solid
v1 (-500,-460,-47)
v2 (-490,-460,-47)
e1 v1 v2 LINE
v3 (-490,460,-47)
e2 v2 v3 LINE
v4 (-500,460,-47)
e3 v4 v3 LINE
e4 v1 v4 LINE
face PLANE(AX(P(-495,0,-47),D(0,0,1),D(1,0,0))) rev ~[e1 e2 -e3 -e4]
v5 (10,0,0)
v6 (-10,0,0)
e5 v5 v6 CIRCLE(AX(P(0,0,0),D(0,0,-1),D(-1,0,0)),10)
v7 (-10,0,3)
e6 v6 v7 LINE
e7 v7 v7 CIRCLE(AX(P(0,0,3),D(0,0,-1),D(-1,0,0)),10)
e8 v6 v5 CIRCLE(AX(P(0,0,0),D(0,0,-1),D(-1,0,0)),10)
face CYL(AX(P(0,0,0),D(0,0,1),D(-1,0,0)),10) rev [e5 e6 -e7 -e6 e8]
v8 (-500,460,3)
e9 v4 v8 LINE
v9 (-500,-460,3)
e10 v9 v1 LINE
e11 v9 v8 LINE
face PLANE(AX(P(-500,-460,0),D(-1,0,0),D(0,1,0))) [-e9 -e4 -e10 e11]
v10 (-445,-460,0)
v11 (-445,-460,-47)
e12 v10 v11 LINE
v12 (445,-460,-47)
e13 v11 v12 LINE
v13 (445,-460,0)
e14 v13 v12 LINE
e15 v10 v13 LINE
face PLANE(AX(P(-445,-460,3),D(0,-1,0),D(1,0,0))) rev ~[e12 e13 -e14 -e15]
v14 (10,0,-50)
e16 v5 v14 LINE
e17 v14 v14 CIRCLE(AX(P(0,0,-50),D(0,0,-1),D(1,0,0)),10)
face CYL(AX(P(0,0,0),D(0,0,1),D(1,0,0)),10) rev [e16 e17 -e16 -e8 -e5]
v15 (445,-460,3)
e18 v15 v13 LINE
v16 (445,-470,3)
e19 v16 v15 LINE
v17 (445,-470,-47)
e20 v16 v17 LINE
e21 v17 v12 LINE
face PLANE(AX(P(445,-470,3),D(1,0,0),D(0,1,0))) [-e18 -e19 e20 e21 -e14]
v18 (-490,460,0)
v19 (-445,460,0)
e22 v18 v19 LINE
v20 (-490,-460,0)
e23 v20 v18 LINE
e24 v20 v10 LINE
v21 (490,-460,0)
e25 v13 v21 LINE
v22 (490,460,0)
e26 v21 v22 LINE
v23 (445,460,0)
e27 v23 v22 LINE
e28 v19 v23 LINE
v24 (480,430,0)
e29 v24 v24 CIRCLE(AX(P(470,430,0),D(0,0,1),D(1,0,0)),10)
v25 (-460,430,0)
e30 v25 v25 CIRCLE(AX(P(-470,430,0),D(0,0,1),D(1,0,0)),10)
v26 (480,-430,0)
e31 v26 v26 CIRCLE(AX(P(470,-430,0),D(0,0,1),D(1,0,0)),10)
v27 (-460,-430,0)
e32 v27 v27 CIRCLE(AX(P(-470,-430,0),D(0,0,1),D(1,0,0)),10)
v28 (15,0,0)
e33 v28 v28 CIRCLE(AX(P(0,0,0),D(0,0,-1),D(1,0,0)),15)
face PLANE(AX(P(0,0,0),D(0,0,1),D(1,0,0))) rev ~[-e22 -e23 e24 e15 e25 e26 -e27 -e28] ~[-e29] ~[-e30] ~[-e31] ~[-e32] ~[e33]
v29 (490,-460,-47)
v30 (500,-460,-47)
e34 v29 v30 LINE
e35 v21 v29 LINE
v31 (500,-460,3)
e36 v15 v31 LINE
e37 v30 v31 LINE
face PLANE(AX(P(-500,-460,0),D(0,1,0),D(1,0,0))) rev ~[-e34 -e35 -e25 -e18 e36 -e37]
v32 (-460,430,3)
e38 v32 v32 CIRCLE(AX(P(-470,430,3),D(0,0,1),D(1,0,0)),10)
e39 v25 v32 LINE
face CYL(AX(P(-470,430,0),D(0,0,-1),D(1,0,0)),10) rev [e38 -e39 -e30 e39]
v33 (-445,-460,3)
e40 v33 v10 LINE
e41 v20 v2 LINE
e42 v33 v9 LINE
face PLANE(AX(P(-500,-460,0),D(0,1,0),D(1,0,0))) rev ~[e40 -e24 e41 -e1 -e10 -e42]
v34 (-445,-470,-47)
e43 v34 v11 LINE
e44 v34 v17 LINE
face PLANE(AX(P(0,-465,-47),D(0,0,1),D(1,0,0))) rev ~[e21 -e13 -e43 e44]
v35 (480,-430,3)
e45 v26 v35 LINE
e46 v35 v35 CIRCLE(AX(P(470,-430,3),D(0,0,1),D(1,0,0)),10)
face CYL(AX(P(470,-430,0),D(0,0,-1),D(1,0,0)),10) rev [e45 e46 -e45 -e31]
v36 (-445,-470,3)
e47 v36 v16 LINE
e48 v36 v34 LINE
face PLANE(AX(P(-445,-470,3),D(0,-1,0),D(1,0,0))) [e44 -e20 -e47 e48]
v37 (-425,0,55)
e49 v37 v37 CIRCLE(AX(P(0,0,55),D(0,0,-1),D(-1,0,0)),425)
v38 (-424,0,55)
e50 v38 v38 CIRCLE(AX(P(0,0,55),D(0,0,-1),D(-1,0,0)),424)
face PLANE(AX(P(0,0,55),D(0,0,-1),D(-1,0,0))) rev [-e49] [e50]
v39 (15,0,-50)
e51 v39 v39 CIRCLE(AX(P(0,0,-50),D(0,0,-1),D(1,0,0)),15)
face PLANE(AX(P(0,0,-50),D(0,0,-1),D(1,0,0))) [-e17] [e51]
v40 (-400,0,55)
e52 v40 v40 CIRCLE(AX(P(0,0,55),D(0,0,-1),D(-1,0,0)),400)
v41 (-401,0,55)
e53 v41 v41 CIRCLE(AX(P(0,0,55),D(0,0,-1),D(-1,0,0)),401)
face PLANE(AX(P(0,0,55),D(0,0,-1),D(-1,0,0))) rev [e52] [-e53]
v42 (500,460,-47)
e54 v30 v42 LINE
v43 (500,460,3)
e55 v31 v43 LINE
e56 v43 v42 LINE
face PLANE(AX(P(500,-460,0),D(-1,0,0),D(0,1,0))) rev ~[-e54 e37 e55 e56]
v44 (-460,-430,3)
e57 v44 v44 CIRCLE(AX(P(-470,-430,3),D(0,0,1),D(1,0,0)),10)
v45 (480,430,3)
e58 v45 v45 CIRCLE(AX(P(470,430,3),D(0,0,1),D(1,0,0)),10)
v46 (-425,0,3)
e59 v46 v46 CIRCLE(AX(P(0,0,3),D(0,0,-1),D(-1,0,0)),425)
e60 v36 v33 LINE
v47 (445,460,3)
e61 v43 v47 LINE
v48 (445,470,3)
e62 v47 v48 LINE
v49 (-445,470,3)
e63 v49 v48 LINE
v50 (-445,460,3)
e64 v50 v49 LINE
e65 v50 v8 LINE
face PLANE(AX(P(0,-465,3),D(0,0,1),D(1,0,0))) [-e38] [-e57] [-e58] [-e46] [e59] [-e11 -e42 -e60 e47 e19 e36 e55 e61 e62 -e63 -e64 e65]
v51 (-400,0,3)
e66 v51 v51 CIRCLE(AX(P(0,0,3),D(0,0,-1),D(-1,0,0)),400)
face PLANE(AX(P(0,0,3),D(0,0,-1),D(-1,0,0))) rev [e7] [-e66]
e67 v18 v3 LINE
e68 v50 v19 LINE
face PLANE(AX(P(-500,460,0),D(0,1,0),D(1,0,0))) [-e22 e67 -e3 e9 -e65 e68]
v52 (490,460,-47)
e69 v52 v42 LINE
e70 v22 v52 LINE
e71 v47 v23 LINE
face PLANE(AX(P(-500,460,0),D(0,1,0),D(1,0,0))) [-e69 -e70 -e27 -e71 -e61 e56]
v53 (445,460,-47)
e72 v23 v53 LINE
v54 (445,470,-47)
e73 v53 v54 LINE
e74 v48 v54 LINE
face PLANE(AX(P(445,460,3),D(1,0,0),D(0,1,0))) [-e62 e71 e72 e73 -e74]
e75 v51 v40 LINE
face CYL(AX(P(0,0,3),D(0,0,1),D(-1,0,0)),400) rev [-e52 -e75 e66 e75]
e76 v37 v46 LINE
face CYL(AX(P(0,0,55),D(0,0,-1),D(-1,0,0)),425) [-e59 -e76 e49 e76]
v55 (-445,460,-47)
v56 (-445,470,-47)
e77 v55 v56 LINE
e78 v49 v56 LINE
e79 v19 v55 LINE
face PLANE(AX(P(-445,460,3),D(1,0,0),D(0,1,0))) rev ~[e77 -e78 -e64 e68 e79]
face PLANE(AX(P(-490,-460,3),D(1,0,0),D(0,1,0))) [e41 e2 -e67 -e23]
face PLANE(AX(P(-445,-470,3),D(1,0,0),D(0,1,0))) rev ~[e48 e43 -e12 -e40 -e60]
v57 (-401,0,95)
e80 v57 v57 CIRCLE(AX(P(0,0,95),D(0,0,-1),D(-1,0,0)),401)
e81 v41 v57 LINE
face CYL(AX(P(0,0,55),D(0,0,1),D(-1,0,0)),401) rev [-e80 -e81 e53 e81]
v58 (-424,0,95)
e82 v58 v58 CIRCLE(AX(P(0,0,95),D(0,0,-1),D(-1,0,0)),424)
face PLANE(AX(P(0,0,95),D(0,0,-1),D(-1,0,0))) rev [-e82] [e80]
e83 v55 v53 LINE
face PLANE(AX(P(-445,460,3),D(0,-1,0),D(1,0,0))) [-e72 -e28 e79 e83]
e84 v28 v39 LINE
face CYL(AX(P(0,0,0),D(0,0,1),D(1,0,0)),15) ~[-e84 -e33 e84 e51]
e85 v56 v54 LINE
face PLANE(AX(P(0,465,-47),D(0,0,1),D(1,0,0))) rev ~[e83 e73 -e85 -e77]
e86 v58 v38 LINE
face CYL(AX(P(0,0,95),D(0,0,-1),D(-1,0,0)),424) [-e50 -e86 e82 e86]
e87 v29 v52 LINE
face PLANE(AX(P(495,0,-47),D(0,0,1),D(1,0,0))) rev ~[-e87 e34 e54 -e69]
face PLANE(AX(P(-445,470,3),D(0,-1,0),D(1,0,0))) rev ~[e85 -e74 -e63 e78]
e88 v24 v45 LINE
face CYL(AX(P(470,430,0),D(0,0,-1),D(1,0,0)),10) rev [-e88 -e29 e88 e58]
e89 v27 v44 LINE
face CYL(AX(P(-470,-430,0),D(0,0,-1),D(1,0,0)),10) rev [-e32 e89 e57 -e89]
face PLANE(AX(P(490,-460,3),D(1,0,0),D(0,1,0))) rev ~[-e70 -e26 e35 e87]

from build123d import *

# Parameters (mm, degrees)
F2_W     = 1000
F2_H     = 920
F2_R     = 10
F2_R_2   = 401
F3_DEPTH = 3
F4_W     = 890
F4_H     = 10
F4_W_2   = 10
F4_H_2   = 920
F5_DEPTH = 50
F6_R     = 15
F6_R_2   = 10
F7_DEPTH = 50


with BuildPart() as f1:
    # F0 (on Front) → F1 (revolve)
    with BuildSketch(Plane.XZ):
        Polygon((-425, 3), (-400, 3), (-400, 55), (-401, 55), (-401, 95), (-424, 95), (-424, 55), (-425, 55), align=None)
        Polygon((-10, 3), (-400, 3), (-425, 3), (-425, 0), (-10, 0), align=None)
    revolve(axis=Axis((0, 0, 187.921241), (0, 0, -1)))

    # F2 (on Top) → F3 (join)
    with BuildSketch(Plane.XY):
        Rectangle(F2_W, F2_H)
        with Locations((-470, -430)):
            Circle(F2_R, mode=Mode.SUBTRACT)
        with Locations((470, -430)):
            Circle(F2_R, mode=Mode.SUBTRACT)
        with Locations((-470, 430)):
            Circle(F2_R, mode=Mode.SUBTRACT)
        Circle(F2_R_2, mode=Mode.SUBTRACT)
        with Locations((470, 430)):
            Circle(F2_R, mode=Mode.SUBTRACT)
    extrude(amount=F3_DEPTH)

    # F4 (on face) → F5 (join)
    with BuildSketch(Plane.XY.offset(3)):
        with Locations((0, -465)):
            Rectangle(F4_W, F4_H)
        with Locations((-495, 0)):
            Rectangle(F4_W_2, F4_H_2)
        with Locations((0, 465)):
            Rectangle(F4_W, F4_H)
        with Locations((495, 0)):
            Rectangle(F4_W_2, F4_H_2)
    extrude(amount=-F5_DEPTH)

    # F6 (on face) → F7 (join)
    with BuildSketch(Plane(origin=(0, 0, 0), x_dir=(1, 0, 0), z_dir=(0, 0, -1))):
        Circle(F6_R)
        Circle(F6_R_2, mode=Mode.SUBTRACT)
    extrude(amount=F7_DEPTH)


solid = f1.part
